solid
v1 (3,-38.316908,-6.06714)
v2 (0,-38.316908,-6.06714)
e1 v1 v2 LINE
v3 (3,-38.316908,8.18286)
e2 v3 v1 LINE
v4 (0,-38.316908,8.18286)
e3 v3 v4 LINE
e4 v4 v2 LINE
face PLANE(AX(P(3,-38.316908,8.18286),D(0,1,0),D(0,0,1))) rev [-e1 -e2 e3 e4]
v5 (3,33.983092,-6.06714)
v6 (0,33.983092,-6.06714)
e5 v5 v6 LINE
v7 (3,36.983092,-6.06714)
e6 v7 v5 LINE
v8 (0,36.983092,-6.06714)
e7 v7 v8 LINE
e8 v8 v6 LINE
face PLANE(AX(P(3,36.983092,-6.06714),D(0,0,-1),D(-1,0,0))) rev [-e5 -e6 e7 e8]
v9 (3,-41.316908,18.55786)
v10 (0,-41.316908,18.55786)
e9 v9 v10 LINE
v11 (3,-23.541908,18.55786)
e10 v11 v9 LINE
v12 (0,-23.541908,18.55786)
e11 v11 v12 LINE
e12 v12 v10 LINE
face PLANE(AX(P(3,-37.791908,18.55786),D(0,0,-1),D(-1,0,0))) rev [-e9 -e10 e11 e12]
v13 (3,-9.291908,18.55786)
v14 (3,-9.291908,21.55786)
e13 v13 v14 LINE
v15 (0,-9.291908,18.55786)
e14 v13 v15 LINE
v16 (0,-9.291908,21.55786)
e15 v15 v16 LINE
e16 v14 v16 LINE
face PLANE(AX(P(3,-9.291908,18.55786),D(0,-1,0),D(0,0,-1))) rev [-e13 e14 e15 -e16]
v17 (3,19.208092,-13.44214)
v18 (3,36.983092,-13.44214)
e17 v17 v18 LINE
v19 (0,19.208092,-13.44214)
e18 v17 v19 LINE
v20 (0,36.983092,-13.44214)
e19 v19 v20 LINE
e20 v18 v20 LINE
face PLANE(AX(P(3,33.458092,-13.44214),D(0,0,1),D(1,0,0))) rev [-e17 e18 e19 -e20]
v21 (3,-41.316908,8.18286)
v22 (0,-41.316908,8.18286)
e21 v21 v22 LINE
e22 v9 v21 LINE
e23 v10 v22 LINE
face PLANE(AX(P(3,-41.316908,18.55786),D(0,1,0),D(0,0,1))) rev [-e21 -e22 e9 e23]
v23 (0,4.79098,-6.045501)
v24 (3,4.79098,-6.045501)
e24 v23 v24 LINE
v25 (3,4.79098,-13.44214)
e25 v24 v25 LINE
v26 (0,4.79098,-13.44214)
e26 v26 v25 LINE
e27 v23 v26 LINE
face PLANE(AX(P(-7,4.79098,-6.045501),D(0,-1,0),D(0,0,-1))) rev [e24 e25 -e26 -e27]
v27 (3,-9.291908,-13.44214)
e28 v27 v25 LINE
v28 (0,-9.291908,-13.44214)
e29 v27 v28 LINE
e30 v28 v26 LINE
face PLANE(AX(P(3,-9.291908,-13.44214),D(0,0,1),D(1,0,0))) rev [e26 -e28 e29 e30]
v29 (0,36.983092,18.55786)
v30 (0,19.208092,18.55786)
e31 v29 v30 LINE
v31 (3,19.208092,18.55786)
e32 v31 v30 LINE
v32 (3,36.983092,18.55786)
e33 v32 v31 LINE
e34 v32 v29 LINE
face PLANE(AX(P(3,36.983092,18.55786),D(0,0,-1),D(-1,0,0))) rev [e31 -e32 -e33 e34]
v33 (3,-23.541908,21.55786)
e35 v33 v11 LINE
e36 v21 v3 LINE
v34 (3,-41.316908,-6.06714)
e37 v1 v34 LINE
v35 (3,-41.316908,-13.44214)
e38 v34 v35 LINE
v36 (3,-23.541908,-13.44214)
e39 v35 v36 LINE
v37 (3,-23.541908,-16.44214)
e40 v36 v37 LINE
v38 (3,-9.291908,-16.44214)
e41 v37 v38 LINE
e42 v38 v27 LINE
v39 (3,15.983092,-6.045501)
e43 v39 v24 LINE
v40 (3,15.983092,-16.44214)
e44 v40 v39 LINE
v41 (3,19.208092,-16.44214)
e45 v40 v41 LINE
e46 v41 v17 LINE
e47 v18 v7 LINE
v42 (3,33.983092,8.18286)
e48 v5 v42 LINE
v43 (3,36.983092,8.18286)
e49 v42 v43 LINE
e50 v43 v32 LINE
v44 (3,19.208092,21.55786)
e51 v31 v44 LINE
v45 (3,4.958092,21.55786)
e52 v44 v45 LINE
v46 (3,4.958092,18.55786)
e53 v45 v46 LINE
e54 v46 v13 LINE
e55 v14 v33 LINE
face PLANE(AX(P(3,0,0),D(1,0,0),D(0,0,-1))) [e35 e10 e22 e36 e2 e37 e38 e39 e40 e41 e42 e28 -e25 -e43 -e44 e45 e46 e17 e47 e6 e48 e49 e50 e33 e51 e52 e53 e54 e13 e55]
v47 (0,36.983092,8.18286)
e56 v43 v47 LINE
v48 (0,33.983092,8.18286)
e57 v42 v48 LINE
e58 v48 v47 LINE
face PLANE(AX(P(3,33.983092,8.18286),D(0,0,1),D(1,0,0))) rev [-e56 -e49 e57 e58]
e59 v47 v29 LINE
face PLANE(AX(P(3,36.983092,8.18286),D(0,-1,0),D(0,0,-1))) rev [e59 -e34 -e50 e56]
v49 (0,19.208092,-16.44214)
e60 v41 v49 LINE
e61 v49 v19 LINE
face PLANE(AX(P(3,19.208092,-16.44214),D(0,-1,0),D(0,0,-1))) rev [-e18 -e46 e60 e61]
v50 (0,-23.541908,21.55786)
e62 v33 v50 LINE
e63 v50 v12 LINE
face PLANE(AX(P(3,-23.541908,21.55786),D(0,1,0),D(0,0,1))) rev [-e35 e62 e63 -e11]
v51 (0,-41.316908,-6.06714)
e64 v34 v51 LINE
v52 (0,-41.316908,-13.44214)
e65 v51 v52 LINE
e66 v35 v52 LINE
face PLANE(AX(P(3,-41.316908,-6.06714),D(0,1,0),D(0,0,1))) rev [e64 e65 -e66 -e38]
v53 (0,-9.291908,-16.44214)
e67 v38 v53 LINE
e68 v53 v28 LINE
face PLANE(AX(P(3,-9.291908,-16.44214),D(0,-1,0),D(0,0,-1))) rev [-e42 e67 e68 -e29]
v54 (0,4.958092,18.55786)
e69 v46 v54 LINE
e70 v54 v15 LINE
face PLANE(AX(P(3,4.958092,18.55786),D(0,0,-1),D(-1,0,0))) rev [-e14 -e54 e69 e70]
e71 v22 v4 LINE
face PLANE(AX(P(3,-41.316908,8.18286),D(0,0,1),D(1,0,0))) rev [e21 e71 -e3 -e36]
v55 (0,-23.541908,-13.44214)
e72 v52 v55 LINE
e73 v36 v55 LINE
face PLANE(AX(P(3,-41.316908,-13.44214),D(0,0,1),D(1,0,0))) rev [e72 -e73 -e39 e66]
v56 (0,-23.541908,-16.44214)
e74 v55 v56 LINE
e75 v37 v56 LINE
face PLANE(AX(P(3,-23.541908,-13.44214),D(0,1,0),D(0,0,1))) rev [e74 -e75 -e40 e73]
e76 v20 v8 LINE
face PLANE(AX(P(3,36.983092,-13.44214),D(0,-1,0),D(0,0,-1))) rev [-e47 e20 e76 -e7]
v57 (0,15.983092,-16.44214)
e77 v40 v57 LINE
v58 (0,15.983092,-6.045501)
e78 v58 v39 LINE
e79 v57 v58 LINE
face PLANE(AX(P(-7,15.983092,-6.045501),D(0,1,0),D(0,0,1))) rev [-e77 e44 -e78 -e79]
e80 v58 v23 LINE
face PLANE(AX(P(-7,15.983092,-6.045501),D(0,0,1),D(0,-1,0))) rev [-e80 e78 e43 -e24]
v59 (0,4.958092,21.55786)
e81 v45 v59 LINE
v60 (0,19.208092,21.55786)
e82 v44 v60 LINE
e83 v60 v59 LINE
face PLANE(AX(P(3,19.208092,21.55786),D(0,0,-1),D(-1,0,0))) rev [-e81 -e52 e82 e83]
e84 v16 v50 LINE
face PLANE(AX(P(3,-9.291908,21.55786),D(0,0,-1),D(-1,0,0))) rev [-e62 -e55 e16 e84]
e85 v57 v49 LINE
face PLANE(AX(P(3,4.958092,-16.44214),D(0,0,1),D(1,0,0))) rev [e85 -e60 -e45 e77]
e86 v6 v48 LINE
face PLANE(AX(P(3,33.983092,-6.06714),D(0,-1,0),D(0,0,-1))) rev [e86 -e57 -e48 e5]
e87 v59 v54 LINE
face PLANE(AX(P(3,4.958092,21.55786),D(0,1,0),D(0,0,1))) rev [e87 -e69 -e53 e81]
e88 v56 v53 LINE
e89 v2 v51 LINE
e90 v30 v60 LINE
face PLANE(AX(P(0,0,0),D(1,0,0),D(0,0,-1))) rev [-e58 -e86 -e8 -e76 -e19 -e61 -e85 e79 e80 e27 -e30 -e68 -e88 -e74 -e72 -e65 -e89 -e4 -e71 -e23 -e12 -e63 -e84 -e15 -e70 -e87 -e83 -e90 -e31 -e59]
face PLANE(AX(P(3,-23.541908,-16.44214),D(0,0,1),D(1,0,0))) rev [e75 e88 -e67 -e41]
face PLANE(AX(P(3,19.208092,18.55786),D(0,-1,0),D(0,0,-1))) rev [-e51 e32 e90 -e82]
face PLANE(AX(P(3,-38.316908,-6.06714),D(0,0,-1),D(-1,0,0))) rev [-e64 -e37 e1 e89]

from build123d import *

# Parameters (mm, degrees)
BOSS_EXTRUDE1_DEPTH = 3
SKETCH2_W           = 11
SKETCH2_H           = 11.192112216
CUT_EXTRUDE1_DEPTH  = 10


with BuildPart() as part:
    # Sketch1 → Boss-Extrude1 (new body)
    with BuildSketch(Plane(origin=(0, 0, 0), x_dir=(0, 0, -1), z_dir=(1, 0, 0))):
        Polygon((-18.557859796, 36.983092069), (-18.557859796, 19.208092069), (-21.557859796, 19.208092069), (-21.557859796, 4.958092069), (-18.557859796, 4.958092069), (-18.557859796, -9.291907931), (-21.557859796, -9.291907931), (-21.557859796, -23.541907931), (-18.557859796, -23.541907931), (-18.557859796, -37.791907931), (-18.557859796, -41.316907931), (-8.182859796, -41.316907931), (-8.182859796, -38.316907931), (6.067140204, -38.316907931), (6.067140204, -41.316907931), (13.442140204, -41.316907931), (13.442140204, -23.541907931), (16.442140204, -23.541907931), (16.442140204, -9.291907931), (13.442140204, -9.291907931), (13.442140204, 4.958092069), (16.442140204, 4.958092069), (16.442140204, 19.208092069), (13.442140204, 19.208092069), (13.442140204, 33.458092069), (13.442140204, 36.983092069), (6.067140204, 36.983092069), (6.067140204, 33.983092069), (-8.182859796, 33.983092069), (-8.182859796, 36.983092069), align=None)
    extrude(amount=BOSS_EXTRUDE1_DEPTH)

    # Sketch2 → Cut-Extrude1 (cut)
    with BuildSketch(Plane(origin=(3, 0, 0), x_dir=(0, 0, -1), z_dir=(1, 0, 0))):
        with Locations((11.545501323, 10.387035961)):
            Rectangle(SKETCH2_W, SKETCH2_H)
    extrude(amount=-CUT_EXTRUDE1_DEPTH, mode=Mode.SUBTRACT)


solid = part.part
